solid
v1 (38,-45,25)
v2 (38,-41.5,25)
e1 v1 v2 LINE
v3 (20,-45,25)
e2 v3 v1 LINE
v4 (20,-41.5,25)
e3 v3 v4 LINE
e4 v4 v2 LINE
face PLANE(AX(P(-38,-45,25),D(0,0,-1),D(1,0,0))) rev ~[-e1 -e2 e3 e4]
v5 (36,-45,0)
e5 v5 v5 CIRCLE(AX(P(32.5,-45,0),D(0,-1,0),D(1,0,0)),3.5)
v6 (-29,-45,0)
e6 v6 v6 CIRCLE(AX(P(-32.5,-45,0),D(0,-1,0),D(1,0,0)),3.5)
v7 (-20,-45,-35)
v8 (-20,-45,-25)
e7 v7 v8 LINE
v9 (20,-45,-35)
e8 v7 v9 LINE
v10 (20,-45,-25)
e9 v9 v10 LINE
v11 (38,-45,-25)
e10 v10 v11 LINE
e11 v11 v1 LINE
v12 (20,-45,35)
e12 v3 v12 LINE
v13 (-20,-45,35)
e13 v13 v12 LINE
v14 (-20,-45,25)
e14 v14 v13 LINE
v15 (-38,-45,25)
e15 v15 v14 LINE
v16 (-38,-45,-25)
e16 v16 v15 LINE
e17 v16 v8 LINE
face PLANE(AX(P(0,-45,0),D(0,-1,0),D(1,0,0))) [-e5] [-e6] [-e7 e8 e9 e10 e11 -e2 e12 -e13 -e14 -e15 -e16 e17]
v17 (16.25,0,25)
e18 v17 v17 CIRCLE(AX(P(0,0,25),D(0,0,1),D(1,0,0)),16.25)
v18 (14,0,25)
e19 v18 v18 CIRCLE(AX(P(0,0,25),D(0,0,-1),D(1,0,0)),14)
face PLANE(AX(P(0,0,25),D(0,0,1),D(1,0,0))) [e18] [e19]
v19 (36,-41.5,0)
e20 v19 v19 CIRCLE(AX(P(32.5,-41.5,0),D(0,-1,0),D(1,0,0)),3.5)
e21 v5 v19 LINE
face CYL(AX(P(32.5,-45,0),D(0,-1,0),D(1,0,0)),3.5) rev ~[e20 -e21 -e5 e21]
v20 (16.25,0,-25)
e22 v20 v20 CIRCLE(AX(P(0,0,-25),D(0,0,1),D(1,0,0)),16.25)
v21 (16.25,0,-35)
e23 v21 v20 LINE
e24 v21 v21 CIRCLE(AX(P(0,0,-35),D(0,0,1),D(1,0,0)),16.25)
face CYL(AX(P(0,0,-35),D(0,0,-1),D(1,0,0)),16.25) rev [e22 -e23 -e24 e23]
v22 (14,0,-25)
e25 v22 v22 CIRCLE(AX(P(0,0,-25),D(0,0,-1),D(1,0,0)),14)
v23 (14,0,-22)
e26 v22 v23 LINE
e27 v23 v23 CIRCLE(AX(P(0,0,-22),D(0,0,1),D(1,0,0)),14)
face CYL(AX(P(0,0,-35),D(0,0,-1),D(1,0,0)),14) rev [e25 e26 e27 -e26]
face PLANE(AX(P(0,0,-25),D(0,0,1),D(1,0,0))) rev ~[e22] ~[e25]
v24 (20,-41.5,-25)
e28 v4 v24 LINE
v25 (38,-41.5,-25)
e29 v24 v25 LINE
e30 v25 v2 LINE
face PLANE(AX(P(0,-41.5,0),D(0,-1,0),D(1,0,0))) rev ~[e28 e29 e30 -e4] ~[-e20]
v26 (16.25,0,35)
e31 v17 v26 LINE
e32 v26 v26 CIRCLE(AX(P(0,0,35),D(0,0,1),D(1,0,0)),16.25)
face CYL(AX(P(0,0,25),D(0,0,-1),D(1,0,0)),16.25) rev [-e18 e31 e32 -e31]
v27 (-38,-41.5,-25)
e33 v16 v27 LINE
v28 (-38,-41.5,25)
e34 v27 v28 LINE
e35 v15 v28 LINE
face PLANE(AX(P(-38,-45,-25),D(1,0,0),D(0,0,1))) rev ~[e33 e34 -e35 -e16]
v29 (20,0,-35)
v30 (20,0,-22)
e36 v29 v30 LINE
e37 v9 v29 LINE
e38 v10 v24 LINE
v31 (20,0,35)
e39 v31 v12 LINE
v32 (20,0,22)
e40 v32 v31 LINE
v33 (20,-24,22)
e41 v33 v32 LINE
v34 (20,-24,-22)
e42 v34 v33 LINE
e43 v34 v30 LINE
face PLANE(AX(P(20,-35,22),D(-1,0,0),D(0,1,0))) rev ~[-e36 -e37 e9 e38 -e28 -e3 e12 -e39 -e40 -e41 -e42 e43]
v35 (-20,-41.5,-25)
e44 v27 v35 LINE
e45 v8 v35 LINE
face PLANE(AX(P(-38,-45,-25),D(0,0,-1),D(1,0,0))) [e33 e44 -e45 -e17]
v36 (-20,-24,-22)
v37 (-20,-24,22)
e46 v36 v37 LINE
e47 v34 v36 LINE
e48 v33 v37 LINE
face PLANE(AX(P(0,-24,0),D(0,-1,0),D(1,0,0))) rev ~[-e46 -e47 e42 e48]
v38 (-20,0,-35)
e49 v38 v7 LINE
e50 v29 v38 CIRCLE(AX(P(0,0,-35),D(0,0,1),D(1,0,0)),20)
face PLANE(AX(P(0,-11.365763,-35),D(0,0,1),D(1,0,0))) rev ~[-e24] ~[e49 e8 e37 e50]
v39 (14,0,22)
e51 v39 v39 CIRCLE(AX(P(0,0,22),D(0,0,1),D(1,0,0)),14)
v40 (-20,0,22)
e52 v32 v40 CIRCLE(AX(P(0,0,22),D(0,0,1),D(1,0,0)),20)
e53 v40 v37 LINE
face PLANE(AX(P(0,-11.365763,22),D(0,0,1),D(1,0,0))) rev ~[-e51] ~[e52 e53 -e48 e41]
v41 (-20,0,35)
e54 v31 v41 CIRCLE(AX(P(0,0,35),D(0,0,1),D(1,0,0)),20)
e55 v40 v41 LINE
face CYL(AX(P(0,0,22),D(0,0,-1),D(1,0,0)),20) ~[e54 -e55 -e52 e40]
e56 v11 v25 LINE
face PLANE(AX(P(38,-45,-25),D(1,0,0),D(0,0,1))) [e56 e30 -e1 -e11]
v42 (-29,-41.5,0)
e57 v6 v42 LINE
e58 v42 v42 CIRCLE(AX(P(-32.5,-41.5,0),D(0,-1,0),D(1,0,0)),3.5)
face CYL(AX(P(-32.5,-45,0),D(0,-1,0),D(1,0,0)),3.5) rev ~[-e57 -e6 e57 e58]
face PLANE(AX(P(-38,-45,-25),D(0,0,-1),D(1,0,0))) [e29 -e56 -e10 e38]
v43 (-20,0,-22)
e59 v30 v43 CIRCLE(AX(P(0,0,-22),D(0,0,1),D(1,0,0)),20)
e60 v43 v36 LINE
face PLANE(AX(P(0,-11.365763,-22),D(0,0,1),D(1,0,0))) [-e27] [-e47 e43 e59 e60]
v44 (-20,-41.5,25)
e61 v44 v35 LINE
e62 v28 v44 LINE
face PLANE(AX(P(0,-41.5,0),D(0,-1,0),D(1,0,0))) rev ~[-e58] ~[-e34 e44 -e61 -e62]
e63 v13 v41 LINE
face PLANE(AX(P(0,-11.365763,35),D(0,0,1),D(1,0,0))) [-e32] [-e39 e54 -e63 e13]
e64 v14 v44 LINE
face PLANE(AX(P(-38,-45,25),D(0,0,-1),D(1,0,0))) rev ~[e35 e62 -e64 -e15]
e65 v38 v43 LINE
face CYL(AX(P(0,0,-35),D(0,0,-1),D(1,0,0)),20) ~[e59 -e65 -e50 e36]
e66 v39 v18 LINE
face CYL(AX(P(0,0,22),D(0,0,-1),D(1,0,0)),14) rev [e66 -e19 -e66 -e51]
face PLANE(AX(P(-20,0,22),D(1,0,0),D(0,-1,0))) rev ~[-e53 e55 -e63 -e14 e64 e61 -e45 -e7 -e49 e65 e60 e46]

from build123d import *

# Parameters (mm, degrees)
SKETCH002_AS_DRAWN_W                 = 76
SKETCH002_AS_DRAWN_H                 = 50
SKETCH002_AS_DRAWN_R                 = 3.5
EXTRUDE003_DEPTH                     = 3.5
EXTRUDE003_ONTO_SKETCH002_ROLL_ANGLE = 90
CYLINDER_R                           = 16.25
CYLINDER_DEPTH                       = 10
SKETCH_R                             = 14
EXTRUDE001_DEPTH                     = 13
CYLINDER001_R                        = 16.25
CYLINDER001_DEPTH                    = 10
EXTRUDE_DEPTH                        = 13
SKETCH001_AS_DRAWN_W                 = 40
SKETCH001_AS_DRAWN_H                 = 70
EXTRUDE002_DEPTH                     = 21
EXTRUDE002_ONTO_SKETCH001_ROLL_ANGLE = 90


with BuildPart() as extrude003:
    # Sketch002 as drawn → Extrude003 (new)
    with BuildSketch(Plane.XY):
        Rectangle(SKETCH002_AS_DRAWN_W, SKETCH002_AS_DRAWN_H)
        with Locations((-32.5, 0)):
            Circle(SKETCH002_AS_DRAWN_R, mode=Mode.SUBTRACT)
        with Locations((32.5, 0)):
            Circle(SKETCH002_AS_DRAWN_R, mode=Mode.SUBTRACT)
    extrude(amount=-EXTRUDE003_DEPTH)


with BuildPart() as extrude003_1:
    # Extrude003 onto Sketch002 roll: moved
    add(extrude003.part.rotate(Axis((0, 0, 0), (1, 0, 0)), EXTRUDE003_ONTO_SKETCH002_ROLL_ANGLE))


with BuildPart() as extrude003_2:
    # Extrude003 onto Sketch002 placement: moved
    add(extrude003_1.part)


with BuildPart() as extrude003_3:
    # Extrude003 placement: moved
    add(extrude003_2.part.moved(Location((0, -45, 0))))


with BuildPart() as cylinder:
    # Cylinder → Cylinder (new body)
    with BuildSketch(Plane.XY):
        Circle(CYLINDER_R)
    extrude(amount=CYLINDER_DEPTH)


with BuildPart() as barin_nest_l_cut:
    # Sketch → Extrude001 (new body)
    with BuildSketch(Plane.XY):
        with BuildLine():
            ThreePointArc((20, 0), (0, 20), (-20, 0))
            Line((-20, 0), (-20, -35))
            Line((-20, -35), (20, -35))
            Line((20, -35), (20, 0))
        make_face()
        Circle(SKETCH_R, mode=Mode.SUBTRACT)
    extrude(amount=EXTRUDE001_DEPTH)

    # Cut: cut Cylinder
    add(cylinder.part, mode=Mode.SUBTRACT)


with BuildPart() as barin_nest_l_cut_1:
    # Cut placement: moved
    add(barin_nest_l_cut.part.moved(Location((0, 0, -35))))


with BuildPart() as cylinder001:
    # Cylinder001 → Cylinder001 (new body)
    with BuildSketch(Plane.XY.offset(3)):
        Circle(CYLINDER001_R)
    extrude(amount=CYLINDER001_DEPTH)


with BuildPart() as bearing_nest_r_cut:
    # Sketch → Extrude (new body)
    with BuildSketch(Plane.XY):
        with BuildLine():
            ThreePointArc((20, 0), (0, 20), (-20, 0))
            Line((-20, 0), (-20, -35))
            Line((-20, -35), (20, -35))
            Line((20, -35), (20, 0))
        make_face()
        Circle(SKETCH_R, mode=Mode.SUBTRACT)
    extrude(amount=EXTRUDE_DEPTH)

    # Cut001: cut Cylinder001
    add(cylinder001.part, mode=Mode.SUBTRACT)


with BuildPart() as bearing_nest_r_cut_1:
    # Cut001 placement: moved
    add(bearing_nest_r_cut.part.moved(Location((0, 0, 22))))


with BuildPart() as fusion:
    # Sketch001 as drawn → Extrude002 (new)
    with BuildSketch(Plane.XY):
        Rectangle(SKETCH001_AS_DRAWN_W, SKETCH001_AS_DRAWN_H)
    extrude(amount=-EXTRUDE002_DEPTH)


with BuildPart() as fusion_1:
    # Extrude002 onto Sketch001 roll: moved
    add(fusion.part.rotate(Axis((0, 0, 0), (1, 0, 0)), EXTRUDE002_ONTO_SKETCH001_ROLL_ANGLE))


with BuildPart() as fusion_2:
    # Extrude002 onto Sketch001 placement: moved
    add(fusion_1.part)


with BuildPart() as fusion_3:
    # Extrude002 placement: moved
    add(fusion_2.part.moved(Location((0, -45, 0))))

    # Fusion: union Extrude003, barin-nest-l-cut, bearing-nest-r-cut
    add(extrude003_3.part)
    add(barin_nest_l_cut_1.part)
    add(bearing_nest_r_cut_1.part)


solid = fusion_3.part
